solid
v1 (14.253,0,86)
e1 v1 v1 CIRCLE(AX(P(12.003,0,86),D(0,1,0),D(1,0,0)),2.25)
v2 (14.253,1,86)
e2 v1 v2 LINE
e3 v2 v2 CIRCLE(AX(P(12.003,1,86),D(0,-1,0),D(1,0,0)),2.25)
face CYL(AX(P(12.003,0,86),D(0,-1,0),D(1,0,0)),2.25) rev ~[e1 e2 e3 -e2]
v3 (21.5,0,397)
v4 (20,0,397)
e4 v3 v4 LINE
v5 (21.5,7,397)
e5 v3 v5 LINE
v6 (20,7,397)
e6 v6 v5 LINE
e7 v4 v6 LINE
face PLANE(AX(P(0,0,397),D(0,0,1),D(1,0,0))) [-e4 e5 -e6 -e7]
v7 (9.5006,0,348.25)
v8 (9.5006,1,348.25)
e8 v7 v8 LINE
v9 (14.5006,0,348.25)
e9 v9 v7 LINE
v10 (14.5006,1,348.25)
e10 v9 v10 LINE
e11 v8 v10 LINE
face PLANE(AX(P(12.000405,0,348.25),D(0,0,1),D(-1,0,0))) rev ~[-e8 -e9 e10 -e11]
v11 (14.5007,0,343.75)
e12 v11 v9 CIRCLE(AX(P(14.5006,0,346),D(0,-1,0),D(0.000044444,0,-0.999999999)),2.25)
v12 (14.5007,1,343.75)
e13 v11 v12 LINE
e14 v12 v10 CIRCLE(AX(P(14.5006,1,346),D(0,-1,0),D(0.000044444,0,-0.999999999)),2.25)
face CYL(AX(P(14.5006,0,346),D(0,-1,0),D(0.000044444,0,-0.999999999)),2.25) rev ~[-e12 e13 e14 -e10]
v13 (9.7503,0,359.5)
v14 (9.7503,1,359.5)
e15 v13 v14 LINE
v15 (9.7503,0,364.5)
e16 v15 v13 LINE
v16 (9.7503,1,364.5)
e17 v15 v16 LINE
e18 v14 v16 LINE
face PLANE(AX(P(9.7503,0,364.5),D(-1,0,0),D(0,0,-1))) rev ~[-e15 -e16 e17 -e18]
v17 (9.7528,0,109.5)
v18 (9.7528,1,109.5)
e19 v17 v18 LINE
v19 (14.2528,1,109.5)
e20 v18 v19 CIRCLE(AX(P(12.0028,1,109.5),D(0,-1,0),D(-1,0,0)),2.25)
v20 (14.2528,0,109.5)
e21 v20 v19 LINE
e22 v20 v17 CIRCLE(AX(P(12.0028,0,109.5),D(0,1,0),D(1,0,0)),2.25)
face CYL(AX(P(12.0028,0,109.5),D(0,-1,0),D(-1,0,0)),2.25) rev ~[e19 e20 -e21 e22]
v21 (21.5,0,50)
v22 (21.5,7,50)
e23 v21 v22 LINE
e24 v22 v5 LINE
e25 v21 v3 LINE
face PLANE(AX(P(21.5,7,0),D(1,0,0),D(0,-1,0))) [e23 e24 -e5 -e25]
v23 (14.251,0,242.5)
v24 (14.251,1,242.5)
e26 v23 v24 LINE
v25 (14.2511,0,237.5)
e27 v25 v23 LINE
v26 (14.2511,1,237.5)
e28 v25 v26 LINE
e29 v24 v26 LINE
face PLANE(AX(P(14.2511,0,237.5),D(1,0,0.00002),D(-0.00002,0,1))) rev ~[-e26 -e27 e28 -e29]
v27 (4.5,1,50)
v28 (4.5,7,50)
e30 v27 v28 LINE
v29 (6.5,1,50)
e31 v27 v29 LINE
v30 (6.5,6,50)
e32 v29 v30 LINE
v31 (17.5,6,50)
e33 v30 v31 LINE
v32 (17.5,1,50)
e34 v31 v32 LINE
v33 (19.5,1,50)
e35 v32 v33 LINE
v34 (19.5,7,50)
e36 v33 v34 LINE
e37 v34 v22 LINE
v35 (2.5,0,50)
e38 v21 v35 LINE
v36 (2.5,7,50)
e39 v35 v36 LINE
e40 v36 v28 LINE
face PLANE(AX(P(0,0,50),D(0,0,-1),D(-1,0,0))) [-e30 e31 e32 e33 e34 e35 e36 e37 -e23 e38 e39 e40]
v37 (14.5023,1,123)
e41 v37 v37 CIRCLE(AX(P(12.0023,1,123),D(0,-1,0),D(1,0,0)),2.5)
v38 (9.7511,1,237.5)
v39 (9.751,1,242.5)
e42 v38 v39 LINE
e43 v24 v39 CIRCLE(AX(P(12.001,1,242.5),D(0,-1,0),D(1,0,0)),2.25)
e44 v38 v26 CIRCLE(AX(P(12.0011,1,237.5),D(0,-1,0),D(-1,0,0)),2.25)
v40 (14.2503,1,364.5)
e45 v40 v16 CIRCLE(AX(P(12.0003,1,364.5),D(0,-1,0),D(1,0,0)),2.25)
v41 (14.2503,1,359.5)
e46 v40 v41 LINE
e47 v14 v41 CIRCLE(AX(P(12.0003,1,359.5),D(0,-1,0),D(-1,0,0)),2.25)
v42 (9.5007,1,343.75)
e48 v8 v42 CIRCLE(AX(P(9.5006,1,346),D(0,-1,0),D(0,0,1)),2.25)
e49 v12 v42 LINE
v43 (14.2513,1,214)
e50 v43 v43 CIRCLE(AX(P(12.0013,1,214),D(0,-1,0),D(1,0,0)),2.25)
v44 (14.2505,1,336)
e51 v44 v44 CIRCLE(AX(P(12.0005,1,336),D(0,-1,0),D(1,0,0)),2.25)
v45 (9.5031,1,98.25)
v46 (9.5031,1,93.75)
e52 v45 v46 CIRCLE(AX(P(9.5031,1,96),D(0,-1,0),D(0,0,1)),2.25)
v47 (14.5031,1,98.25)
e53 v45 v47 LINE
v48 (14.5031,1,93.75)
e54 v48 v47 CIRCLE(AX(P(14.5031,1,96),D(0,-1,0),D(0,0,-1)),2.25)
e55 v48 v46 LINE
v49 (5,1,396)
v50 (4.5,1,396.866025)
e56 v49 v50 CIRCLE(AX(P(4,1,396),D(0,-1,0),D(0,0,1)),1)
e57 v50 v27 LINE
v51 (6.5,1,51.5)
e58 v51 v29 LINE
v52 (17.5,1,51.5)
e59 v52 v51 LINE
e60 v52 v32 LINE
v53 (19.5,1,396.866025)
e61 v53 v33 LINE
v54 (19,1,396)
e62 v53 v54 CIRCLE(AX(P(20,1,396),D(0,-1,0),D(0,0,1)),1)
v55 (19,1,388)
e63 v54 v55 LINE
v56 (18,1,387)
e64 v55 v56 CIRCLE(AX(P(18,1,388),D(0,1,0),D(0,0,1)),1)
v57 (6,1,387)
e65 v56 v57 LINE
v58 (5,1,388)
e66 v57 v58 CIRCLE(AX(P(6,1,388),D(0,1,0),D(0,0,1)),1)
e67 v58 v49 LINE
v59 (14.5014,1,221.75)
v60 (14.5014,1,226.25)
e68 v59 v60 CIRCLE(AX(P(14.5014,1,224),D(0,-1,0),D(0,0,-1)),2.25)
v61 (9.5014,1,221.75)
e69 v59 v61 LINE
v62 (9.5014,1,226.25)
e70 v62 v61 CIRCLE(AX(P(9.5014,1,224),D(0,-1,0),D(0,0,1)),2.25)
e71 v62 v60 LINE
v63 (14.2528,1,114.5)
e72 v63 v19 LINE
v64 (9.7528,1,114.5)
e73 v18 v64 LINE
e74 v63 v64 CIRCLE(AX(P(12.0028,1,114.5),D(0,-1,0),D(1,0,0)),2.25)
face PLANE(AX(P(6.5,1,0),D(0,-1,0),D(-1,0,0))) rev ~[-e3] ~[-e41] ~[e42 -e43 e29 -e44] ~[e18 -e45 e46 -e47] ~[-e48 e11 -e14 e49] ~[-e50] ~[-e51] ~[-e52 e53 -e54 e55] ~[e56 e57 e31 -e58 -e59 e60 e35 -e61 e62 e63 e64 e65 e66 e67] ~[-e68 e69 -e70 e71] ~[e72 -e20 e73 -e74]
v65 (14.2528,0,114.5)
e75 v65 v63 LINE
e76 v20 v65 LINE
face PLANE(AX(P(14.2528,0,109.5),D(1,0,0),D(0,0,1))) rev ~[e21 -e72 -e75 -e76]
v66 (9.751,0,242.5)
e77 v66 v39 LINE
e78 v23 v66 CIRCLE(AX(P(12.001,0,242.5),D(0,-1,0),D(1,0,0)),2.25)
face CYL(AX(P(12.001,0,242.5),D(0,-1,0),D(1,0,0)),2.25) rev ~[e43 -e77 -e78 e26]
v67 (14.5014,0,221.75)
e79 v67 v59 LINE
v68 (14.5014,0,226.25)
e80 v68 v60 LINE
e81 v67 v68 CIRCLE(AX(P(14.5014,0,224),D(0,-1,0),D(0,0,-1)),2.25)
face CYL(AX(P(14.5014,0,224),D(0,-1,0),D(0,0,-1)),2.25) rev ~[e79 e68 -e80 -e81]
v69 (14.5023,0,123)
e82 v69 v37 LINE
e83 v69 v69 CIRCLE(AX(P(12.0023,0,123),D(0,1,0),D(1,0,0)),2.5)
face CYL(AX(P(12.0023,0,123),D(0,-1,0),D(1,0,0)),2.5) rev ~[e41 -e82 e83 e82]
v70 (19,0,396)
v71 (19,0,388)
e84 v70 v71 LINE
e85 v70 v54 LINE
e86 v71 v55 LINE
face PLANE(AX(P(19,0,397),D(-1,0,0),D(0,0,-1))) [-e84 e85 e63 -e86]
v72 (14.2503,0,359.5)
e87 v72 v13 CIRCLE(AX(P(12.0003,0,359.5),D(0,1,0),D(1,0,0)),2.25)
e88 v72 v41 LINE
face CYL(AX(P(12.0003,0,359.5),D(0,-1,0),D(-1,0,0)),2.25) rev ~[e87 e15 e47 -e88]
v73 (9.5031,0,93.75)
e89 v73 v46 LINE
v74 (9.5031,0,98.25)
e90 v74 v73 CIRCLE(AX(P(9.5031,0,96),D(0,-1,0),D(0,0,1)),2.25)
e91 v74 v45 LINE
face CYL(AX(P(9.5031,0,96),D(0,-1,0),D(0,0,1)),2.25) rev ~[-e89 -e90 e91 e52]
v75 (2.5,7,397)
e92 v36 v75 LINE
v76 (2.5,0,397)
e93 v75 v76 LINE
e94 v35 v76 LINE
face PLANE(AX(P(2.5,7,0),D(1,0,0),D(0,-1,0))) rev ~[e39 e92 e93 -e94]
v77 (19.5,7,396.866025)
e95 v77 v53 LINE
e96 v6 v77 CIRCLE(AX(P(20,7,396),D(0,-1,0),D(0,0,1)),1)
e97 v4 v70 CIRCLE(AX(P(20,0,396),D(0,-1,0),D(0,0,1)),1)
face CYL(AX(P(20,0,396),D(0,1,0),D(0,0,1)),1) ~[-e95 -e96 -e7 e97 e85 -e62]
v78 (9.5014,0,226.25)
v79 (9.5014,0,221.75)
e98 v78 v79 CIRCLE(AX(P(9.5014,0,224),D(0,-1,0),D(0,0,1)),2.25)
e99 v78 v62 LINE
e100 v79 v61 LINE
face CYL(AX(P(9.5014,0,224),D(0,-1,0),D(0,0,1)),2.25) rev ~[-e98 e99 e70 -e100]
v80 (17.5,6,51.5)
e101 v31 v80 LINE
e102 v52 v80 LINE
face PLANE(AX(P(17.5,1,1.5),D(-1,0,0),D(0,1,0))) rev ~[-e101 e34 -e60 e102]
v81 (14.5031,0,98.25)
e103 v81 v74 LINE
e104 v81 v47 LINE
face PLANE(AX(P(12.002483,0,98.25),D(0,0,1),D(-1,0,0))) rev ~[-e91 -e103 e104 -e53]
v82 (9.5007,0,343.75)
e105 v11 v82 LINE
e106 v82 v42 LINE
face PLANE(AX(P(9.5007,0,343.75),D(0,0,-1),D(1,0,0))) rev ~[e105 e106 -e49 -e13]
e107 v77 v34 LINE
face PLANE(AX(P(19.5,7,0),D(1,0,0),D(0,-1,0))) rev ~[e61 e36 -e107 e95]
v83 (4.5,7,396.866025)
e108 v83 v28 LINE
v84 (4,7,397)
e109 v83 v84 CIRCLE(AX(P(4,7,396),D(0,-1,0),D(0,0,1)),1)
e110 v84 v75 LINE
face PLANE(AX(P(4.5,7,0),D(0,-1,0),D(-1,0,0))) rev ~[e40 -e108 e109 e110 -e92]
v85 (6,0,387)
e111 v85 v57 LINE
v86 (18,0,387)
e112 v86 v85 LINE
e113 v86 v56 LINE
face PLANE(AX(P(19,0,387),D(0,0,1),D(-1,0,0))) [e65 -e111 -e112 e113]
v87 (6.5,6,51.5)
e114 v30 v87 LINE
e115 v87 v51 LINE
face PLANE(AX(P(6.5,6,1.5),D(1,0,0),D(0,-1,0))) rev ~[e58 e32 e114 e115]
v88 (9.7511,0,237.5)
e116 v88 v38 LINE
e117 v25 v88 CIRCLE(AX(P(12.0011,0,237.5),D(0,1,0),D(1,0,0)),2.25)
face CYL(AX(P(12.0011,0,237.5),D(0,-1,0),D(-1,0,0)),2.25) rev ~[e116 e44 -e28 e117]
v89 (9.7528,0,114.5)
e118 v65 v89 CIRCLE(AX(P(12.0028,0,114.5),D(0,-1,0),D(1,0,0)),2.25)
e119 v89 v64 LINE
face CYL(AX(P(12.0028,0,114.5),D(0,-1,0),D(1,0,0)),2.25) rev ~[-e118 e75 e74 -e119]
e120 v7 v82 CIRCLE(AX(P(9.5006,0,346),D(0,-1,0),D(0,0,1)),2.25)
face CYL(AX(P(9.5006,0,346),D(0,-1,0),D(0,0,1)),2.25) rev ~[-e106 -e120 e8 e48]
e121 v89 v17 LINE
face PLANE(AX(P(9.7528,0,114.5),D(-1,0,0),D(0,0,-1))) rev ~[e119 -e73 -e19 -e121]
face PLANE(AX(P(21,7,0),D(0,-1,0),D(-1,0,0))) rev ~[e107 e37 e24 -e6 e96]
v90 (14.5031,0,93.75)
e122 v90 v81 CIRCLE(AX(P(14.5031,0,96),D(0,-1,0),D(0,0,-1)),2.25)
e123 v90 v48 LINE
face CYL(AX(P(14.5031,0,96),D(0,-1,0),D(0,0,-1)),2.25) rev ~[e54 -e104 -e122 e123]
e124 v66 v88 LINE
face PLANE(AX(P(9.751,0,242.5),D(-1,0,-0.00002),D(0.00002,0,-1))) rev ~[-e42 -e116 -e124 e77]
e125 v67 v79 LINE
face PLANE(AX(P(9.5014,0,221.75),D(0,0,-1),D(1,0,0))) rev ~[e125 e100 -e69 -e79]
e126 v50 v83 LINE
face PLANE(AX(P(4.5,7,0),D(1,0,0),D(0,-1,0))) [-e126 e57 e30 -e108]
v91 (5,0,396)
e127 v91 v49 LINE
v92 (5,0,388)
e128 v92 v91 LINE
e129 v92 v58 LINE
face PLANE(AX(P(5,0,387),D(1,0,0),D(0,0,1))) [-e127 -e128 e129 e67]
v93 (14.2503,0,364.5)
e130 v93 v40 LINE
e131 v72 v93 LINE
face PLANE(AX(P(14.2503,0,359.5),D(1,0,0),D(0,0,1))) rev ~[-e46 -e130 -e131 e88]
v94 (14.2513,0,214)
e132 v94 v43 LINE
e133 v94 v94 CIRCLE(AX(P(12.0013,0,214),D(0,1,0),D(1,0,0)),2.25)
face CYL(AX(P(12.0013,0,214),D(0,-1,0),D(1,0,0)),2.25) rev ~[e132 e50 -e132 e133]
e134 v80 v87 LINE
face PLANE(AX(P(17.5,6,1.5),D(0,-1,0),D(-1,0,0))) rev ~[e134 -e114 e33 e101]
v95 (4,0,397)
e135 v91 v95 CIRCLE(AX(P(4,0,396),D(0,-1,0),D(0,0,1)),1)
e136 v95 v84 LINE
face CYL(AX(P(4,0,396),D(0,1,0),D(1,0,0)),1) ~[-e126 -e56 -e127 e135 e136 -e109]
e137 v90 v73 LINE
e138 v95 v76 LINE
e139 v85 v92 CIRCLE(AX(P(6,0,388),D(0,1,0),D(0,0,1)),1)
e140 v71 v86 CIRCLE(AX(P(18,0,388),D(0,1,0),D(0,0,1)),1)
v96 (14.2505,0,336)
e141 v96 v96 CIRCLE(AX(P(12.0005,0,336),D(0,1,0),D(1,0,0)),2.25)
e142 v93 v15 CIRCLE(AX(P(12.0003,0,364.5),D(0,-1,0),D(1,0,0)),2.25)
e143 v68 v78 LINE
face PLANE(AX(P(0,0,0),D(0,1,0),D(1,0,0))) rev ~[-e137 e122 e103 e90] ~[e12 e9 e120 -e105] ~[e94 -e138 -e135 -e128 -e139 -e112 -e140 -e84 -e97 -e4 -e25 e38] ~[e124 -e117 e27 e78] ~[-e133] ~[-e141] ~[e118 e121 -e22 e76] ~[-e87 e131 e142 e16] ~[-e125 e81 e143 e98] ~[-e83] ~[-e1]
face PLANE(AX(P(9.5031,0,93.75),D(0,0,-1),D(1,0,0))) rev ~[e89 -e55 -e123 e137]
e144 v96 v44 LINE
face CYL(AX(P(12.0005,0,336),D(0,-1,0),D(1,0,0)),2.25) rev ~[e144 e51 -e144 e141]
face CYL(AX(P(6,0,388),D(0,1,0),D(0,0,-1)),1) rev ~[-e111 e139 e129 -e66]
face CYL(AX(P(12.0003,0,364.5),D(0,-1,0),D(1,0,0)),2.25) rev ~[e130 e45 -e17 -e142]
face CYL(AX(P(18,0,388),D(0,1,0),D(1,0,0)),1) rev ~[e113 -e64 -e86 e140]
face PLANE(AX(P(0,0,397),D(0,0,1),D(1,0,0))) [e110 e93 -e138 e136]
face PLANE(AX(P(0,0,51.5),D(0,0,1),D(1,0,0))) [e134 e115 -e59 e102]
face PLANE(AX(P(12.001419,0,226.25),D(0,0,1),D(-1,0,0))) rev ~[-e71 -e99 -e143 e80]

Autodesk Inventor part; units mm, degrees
ref_plane "YZ Plane" through (0, 0, 0) normal (1, 0, 0) x (0, 1, 0)
ref_plane "XZ Plane" through (0, 0, 0) normal (0, 1, 0) x (-1, 0, 0)
ref_plane "XY Plane" through (0, 0, 0) normal (0, 0, 1) x (1, 0, 0)
sketch "Эскиз1" plane through (0, 0, 0) normal (0, 0, 1) x (1, 0, 0)
  line L0 (0, 0) -> (24, 0)
  line L1 (24, 0) -> (24, 7)
  line L2 (24, 7) -> (0, 7)
  line L3 (0, 7) -> (0, 0)
  line L4 (0, 1) -> (24, 1)
  line L5 (2, 7) -> (2, 0)
  line L6 (22, 7) -> (22, 0)
  point P0 (0, 3.5)
  point P1 (12, 0)
  point P2 (2, 1)
  point P3 (22, 1)
  dimension "d0" = 24
  dimension "d1" = 7
  dimension "d2" = 2
  dimension "d3" = 2
  dimension "d4" = 1
extrude "Выдавливание1" add sketch "Эскиз1" along normal blind 397 contours L3 L4 L5 L0 | L5 L4 L6 L0 | L3 L2 L5 L4 | L6 L4 L1 L0 | L6 L2 L1 L4
sketch "Эскиз3" plane through (0, 0, 0) normal (0, -1, 0) x (1, 0, 0)
  line L0 (12.0033, 0) -> (12, 397)
  line L1 (22, 397) -> (2, 397) projected
  line L2 (24, 0) -> (24, 397) projected
  circle A0 centre (12.0005, 336) radius 2.25
  line L3 (12.0002, 366.75) -> (12.0003, 357.25) construction
  line L4 (9.7503, 364.5) -> (9.7503, 359.5)
  line L5 (14.2503, 359.5) -> (14.2503, 364.5)
  arc A1 (14.2503, 364.5) -> (9.7503, 364.5) centre (12.0003, 364.5) ccw
  arc A2 (9.7503, 359.5) -> (14.2503, 359.5) centre (12.0003, 359.5) ccw
  line L6 (16.7506, 346) -> (7.2506, 346) construction
  line L7 (14.5006, 348.25) -> (9.5006, 348.25)
  line L8 (9.5007, 343.75) -> (14.5007, 343.75)
  arc A3 (14.5007, 343.75) -> (14.5006, 348.25) centre (14.5006, 346) ccw
  arc A4 (9.5006, 348.25) -> (9.5007, 343.75) centre (9.5006, 346) ccw
  circle A5 centre (12.0013, 214) radius 2.25
  line L9 (12.001, 244.75) -> (12.0011, 235.25) construction
  line L10 (9.751, 242.5) -> (9.7511, 237.5)
  line L11 (14.2511, 237.5) -> (14.251, 242.5)
  arc A6 (14.251, 242.5) -> (9.751, 242.5) centre (12.001, 242.5) ccw
  arc A7 (9.7511, 237.5) -> (14.2511, 237.5) centre (12.0011, 237.5) ccw
  arc A8 (9.5014, 226.25) -> (9.5014, 221.75) centre (9.5014, 224) ccw
  line L12 (9.5014, 221.75) -> (14.5014, 221.75)
  line L13 (14.5014, 226.25) -> (9.5014, 226.25)
  line L14 (16.7514, 224) -> (7.2514, 224) construction
  arc A9 (14.5014, 221.75) -> (14.5014, 226.25) centre (14.5014, 224) ccw
  line L15 (9.5031, 93.75) -> (14.5031, 93.75)
  line L16 (16.7531, 96) -> (7.2531, 96) construction
  arc A10 (9.5031, 98.25) -> (9.5031, 93.75) centre (9.5031, 96) ccw
  line L17 (14.5031, 98.25) -> (9.5031, 98.25)
  arc A11 (14.5031, 93.75) -> (14.5031, 98.25) centre (14.5031, 96) ccw
  circle A12 centre (12.003, 86) radius 2.25
  arc A13 (9.7528, 109.5) -> (14.2528, 109.5) centre (12.0028, 109.5) ccw
  line L18 (14.2528, 109.5) -> (14.2528, 114.5)
  line L19 (9.7528, 114.5) -> (9.7528, 109.5)
  arc A14 (14.2528, 114.5) -> (9.7528, 114.5) centre (12.0028, 114.5) ccw
  line L20 (12.0027, 116.75) -> (12.0028, 107.25) construction
  circle A15 centre (12.0023, 123) radius 2.5
  point P0 (12.0003, 362)
  point P1 (12.0006, 346)
  point P2 (12.001, 240)
  point P3 (12.0014, 224)
  point P4 (12.0031, 96)
  point P5 (12.0028, 112)
  dimension "d47" = 4.5
  dimension "d49" = 9.5
  dimension "d50" = 4.5
  dimension "d51" = 9.5
  dimension "d52" = 4.5
  dimension "d53" = 10
  dimension "d54" = 16
  dimension "d55" = 70
  dimension "d56" = 4.5
  dimension "d57" = 9.5
  dimension "d58" = 4.5
  dimension "d59" = 9.5
  dimension "d60" = 4.5
  dimension "d61" = 10
  dimension "d62" = 16
  dimension "d63" = 138
  dimension "d64" = 4.5
  dimension "d65" = 9.5
  dimension "d66" = 4.5
  dimension "d67" = 9.5
  dimension "d68" = 4.5
  dimension "d69" = 10
  dimension "d70" = 16
  dimension "d71" = 138
  dimension "d72" = 5
extrude "Выдавливание2" cut sketch "Эскиз3" against normal blind 10
sketch "Эскиз4" plane through (0, 0, 0) normal (0, 0, -1) x (-1, 0, 0)
  line L0 (-2, 7) -> (0, 7) projected
  line L1 (-2, 1) -> (-2, 7) projected
  line L2 (-22, 1) -> (-2, 1) projected
  line L3 (-22, 7) -> (-22, 1) projected
  line L4 (-24, 7) -> (-22, 7) projected
  line L5 (-24, 0) -> (-24, 7) projected
  line L6 (0, 0) -> (-24, 0) projected
  line L7 (0, 7) -> (0, 0) projected
  line L8 (-12, 9) -> (-20, 9)
  line L9 (-20, 9) -> (-20, 0)
  line L10 (-12, 9) -> (-4, 9)
  line L11 (-4, 9) -> (-4, 0)
  point P0 (-20, 1)
  point P1 (-4, 1)
extrude "Выдавливание3" add sketch "Эскиз4" against normal blind 1.5 contours L2 L9 L8 L10 L11
sketch "Эскиз5" plane through (0, 0, 0) normal (0, 0, -1) x (-1, 0, 0)
  line L0 (0, 0) -> (-24, 0) projected
  line L1 (-24, 7) -> (-21.5, 7)
  line L2 (-21.5, 7) -> (-21.5, 0)
  line L3 (-21.5, 0) -> (-24, 0)
  line L4 (-24, 0) -> (-24, 7)
  line L5 (0, 7) -> (-2.5, 7)
  line L6 (-2.5, 7) -> (-2.5, 0)
  line L7 (-2.5, 0) -> (0, 0)
  line L8 (0, 0) -> (0, 7)
  line L9 (-21.5, 7) -> (-19.5, 7)
  line L10 (-19.5, 7) -> (-19.5, 0)
  line L11 (-19.5, 0) -> (-21.5, 0)
  line L12 (-21.5, 0) -> (-21.5, 7)
  line L13 (-2.5, 7) -> (-4.5, 7)
  line L14 (-4.5, 7) -> (-4.5, 0)
  line L15 (-4.5, 0) -> (-2.5, 0)
  line L16 (-2.5, 0) -> (-2.5, 7)
  line L17 (-19.5, 0) -> (-17.5, 0)
  line L18 (-4.5, 0) -> (-6.5, 0)
  line L19 (-20, 9) -> (-4, 9) projected
  line L20 (-17.5, 0) -> (-6.5, 0)
  line L21 (-6.5, 0) -> (-6.5, 9)
  line L22 (-6.5, 9) -> (-17.5, 9)
  line L23 (-17.5, 9) -> (-17.5, 0)
  line L24 (-17.5, 7) -> (-21, 7)
  line L25 (-21, 7) -> (-21, 9)
  line L26 (-21, 9) -> (-17.5, 9)
  line L27 (-17.5, 9) -> (-17.5, 7)
  line L28 (-6.5, 7) -> (-4, 7)
  line L29 (-4, 7) -> (-4, 9)
  line L30 (-4, 9) -> (-6.5, 9)
  line L31 (-6.5, 9) -> (-6.5, 7)
  dimension "d36" = 2.5
  dimension "d37" = 2.5
  dimension "d38" = 2
  dimension "d39" = 2
  dimension "d40" = 2
  dimension "d41" = 2
extrude "Выдавливание4" cut sketch "Эскиз5" against normal through all contours L0 L6 L5 L8 | L0 L21 L28 L14 | L28 L21 L19 L29 L13 | L0 L10 L24 L23 | L24 L9 L25 L26 L19 L23 | L0 L4 L1 L2
sketch "Эскиз6" plane through (0, 0, 0) normal (0, 0, -1) x (-1, 0, 0)
  line L0 (-19.5, 0) -> (-21.5, 0) projected
  line L1 (-19.5, 0) -> (-19.5, 7) projected
  line L2 (-21.5, 0) -> (-19.5, 0)
  line L3 (-19.5, 0) -> (-19.5, 7)
  line L4 (-19.5, 7) -> (-21.5, 7)
  line L5 (-21.5, 7) -> (-21.5, 0)
  line L6 (-4.5, 1) -> (-4.5, 7) projected
  line L7 (-2.5, 0) -> (-4.5, 0) projected
  line L8 (-4.5, 7) -> (-2.5, 7)
  line L9 (-2.5, 7) -> (-2.5, 0)
  line L10 (-2.5, 0) -> (-4.5, 0)
  line L11 (-4.5, 0) -> (-4.5, 7)
  line L12 (-21.5, 1) -> (-2.5, 1)
  line L13 (-2.5, 1) -> (-2.5, 0)
  line L14 (-2.5, 0) -> (-21.5, 0)
  line L15 (-21.5, 0) -> (-21.5, 1)
  line L16 (-6.5, 0) -> (-6.5, 9) projected
  line L17 (-6.5, 1) -> (-6.5, 0)
  line L18 (-17.5, 1) -> (-6.5, 1) projected
  line L19 (-17.5, 9) -> (-17.5, 0) projected
  line L20 (-17.5, 1) -> (-17.5, 0)
  point P0 (0, 0)
  point P1 (-19.5, 1)
extrude "Выдавливание5" add sketch "Эскиз6" against normal up to surface (397 mm away) contours L1 L12 L19 L14 | L12 L5 L4 L1 | L16 L12 L11 L14 | L6 L8 L9 L12
sketch "Эскиз7" plane through (2.5, 0, 0) normal (0, -1, 0) x (1, 0, 0)
  line L0 (0, 397) -> (19, 397) projected
  line L1 (9.5, 397) -> (2.5, 397)
  line L2 (9.5, 397) -> (16.5, 397)
  line L3 (16.5, 397) -> (16.5, 387)
  line L4 (16.5, 387) -> (2.5, 387)
  line L5 (2.5, 387) -> (2.5, 397)
  point P0 (-2.5, 0)
  dimension "d73" = 7
  dimension "d74" = 7
  dimension "d75" = 10
extrude "Выдавливание6" cut sketch "Эскиз7" against normal blind 10
fillet "Сопряжение1" radius 1 4 edges at (5, 0.5, 387) (19, 0.5, 387) (19, 0.5, 397) (5, 0.5, 397)
sketch "Эскиз8" plane through (0, 0, 0) normal (0, 0, -1) x (-1, 0, 0)
  line L0 (-6.5, 9) -> (-17.5, 9) projected
  line L1 (-17.5, 9) -> (-17.5, 1) projected
  line L2 (-6.5, 9) -> (-17.5, 9)
  line L3 (-17.5, 9) -> (-17.5, 6)
  line L4 (-17.5, 6) -> (-6.5, 6)
  line L5 (-6.5, 6) -> (-6.5, 9)
  point P0 (0, 0)
extrude "Выдавливание7" cut sketch "Эскиз8" against normal blind 10
sketch "Эскиз9" plane through (0, 0, 1.5) normal (0, 0, 1) x (1, 0, 0)
  line L0 (17.5, 6) -> (6.5, 6) projected
  line L1 (6.5, 6) -> (6.5, 1) projected
  line L2 (17.5, 1) -> (6.5, 1) projected
  line L3 (17.5, 1) -> (17.5, 6) projected
  point P0 (0, 0)
extrude "Выдавливание8" add sketch "Эскиз9" along normal blind 50
sketch "Эскиз10" plane through (0, 0, 0) normal (0, 0, -1) x (-1, 0, 0)
  line L0 (-30, 24) -> (32, 24)
  line L1 (32, 24) -> (32, -21)
  line L2 (32, -21) -> (-30, -21)
  line L3 (-30, -21) -> (-30, 24)
  point P0 (0, 0)
extrude "Выдавливание9" cut sketch "Эскиз10" against normal blind 50
equation "\"d31\" = d61"
equation "\"d76\" = d61"
equation "\"d79\" = d61"
properties part number "3 часть направляшки 35"
